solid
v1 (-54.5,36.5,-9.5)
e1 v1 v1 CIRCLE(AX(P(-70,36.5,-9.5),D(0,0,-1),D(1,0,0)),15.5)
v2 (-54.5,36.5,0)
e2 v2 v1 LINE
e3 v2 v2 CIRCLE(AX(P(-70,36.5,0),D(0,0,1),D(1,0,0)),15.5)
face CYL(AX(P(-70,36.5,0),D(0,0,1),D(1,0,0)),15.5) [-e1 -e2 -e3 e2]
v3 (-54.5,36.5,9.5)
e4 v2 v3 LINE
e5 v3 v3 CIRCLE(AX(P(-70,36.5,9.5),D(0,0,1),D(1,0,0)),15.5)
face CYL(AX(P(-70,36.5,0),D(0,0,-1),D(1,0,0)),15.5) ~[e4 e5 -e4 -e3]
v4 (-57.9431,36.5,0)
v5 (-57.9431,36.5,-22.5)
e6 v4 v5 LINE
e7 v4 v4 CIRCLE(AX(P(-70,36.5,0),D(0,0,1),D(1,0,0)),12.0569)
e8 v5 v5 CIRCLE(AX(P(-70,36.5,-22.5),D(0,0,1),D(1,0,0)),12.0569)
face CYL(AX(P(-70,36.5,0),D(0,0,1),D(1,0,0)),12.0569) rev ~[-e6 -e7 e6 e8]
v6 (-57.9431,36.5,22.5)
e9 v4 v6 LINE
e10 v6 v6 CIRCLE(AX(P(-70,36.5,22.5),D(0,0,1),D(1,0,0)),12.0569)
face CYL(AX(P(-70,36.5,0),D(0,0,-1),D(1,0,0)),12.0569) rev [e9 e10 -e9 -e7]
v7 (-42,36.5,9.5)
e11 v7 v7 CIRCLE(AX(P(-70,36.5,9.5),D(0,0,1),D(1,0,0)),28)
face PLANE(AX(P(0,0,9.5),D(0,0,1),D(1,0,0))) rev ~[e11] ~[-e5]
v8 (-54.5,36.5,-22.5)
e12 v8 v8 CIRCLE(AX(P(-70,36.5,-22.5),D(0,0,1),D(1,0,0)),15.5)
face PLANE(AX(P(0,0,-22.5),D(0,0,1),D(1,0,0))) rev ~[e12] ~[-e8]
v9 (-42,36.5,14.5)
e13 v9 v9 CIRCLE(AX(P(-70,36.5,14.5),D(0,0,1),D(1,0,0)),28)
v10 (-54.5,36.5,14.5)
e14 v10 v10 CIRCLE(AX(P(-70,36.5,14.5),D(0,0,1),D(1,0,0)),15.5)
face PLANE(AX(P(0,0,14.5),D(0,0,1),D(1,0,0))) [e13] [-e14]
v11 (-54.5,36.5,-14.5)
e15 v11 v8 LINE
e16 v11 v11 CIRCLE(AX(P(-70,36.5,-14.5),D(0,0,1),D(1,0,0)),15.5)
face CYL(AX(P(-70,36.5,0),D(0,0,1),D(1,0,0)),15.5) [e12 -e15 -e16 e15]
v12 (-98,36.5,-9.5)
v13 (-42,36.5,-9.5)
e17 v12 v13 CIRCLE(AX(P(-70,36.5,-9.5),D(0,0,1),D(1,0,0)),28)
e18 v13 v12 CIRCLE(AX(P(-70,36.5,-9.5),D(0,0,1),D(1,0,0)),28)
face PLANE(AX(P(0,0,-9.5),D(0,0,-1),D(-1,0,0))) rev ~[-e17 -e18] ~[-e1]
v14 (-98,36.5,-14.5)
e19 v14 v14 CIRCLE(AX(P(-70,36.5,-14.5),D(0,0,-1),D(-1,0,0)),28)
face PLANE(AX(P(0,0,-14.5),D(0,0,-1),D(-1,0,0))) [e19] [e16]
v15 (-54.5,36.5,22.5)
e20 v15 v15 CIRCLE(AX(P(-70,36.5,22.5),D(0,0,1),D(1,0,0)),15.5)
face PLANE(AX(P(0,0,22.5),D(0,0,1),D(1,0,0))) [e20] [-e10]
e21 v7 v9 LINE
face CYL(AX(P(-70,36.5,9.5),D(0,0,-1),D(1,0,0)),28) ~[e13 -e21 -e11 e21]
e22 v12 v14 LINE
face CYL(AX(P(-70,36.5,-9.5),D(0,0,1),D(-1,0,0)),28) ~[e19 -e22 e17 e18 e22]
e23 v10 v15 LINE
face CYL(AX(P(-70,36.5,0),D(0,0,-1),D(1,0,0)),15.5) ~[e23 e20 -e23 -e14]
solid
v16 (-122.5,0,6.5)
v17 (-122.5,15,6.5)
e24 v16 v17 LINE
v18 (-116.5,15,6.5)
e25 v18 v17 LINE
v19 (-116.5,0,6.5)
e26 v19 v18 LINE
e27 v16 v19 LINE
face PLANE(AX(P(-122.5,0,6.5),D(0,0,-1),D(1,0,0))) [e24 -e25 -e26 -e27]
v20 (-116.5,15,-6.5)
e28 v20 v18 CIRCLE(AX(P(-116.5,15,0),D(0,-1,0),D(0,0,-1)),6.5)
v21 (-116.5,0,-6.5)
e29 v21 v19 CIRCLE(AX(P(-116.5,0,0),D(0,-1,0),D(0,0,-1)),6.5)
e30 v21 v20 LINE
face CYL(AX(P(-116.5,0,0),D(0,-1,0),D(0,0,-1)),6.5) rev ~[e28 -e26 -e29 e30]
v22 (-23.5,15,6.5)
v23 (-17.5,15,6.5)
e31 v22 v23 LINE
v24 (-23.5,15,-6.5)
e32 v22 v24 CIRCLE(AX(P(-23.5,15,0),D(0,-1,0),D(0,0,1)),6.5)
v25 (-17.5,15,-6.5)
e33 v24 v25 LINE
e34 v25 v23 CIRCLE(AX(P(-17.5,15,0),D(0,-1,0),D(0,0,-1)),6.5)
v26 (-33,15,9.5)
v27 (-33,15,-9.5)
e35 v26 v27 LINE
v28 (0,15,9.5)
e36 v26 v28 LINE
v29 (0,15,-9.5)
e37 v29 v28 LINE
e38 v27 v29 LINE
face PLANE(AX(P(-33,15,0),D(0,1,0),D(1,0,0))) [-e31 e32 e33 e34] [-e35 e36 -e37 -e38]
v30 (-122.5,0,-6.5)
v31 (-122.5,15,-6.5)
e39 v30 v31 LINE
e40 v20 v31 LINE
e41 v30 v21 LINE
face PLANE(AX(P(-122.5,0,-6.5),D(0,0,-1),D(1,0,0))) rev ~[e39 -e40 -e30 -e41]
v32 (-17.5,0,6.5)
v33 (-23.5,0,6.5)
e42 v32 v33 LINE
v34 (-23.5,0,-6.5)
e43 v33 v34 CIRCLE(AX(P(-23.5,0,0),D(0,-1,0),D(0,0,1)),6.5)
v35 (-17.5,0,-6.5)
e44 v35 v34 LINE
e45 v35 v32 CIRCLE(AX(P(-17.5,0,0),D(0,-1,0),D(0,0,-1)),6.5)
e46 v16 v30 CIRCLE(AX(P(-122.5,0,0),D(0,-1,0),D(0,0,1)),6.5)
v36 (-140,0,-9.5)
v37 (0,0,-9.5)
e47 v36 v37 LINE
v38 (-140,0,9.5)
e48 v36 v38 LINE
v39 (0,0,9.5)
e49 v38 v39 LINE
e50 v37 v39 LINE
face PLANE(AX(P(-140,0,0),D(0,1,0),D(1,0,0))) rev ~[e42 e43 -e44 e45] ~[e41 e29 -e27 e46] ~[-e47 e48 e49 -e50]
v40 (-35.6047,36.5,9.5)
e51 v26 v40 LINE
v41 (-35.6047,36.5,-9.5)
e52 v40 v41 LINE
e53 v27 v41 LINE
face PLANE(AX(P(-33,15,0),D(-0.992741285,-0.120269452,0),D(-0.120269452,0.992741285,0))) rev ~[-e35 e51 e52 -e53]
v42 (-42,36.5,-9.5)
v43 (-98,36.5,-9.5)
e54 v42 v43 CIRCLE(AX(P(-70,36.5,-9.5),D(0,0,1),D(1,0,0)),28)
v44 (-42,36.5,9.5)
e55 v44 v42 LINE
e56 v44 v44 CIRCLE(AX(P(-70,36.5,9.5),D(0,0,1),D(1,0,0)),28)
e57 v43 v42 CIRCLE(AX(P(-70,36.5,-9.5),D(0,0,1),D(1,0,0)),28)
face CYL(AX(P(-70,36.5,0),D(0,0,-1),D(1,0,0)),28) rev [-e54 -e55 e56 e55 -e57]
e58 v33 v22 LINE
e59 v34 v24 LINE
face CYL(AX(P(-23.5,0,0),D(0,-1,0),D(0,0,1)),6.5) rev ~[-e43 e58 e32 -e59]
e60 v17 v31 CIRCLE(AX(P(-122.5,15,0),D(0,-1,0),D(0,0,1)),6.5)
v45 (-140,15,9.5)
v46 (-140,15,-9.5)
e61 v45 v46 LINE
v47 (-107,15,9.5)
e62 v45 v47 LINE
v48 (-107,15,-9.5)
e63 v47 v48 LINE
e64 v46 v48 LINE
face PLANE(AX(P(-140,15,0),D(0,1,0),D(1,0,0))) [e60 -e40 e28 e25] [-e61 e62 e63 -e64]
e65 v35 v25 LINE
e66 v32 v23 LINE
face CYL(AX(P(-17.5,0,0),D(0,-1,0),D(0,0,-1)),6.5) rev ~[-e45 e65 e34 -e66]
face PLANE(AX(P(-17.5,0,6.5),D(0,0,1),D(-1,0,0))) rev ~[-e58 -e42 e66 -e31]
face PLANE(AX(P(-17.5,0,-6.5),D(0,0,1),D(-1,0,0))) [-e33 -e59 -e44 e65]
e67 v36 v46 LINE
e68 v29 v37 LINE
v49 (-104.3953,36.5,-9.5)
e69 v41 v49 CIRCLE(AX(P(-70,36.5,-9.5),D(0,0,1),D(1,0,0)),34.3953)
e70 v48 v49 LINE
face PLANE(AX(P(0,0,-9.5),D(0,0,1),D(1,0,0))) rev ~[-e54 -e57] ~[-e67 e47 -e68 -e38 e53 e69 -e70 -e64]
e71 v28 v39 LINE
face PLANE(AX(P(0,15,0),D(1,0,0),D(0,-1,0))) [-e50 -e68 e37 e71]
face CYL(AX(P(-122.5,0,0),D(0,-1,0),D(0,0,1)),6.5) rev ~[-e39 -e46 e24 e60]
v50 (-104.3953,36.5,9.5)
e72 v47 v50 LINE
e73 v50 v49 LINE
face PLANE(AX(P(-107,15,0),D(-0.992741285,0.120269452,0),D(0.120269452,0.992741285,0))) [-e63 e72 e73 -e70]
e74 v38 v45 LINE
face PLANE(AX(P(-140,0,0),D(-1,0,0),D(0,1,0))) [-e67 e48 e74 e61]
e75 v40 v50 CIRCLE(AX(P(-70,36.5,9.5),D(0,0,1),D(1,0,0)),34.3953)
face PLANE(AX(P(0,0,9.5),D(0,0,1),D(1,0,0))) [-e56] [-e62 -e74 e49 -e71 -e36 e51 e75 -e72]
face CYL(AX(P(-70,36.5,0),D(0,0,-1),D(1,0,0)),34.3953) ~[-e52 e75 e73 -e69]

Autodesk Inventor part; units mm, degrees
ref_plane "YZ Plane" through (0, 0, 0) normal (1, 0, 0) x (0, 1, 0)
ref_plane "XZ Plane" through (0, 0, 0) normal (0, 1, 0) x (-1, 0, 0)
ref_plane "XY Plane" through (0, 0, 0) normal (0, 0, 1) x (1, 0, 0)
sketch "Sketch1" plane through (0, 0, 0) normal (0, 0, 1) x (1, 0, 0)
  line L0 (-140, 0) -> (-140, 15)
  line L1 (-140, 15) -> (-107, 15)
  line L2 (-33, 15) -> (0, 15)
  line L3 (0, 15) -> (0, 0)
  arc A0 (-35.6047, 36.5) -> (-104.3953, 36.5) centre (-70, 36.5) ccw
  circle A1 centre (-70, 36.5) radius 12.5
  circle A2 centre (-70, 36.5) radius 15.5
  line L4 (-107, 15) -> (-104.3953, 36.5)
  line L5 (-33, 15) -> (-35.6047, 36.5)
  circle A3 centre (-70, 36.5) radius 28
  line L6 (-140, 0) -> (0, 0)
  dimension "d0" = 140
  dimension "d1" = 15
  dimension "d7" = 25
  dimension "d8" = 31
  dimension "d9" = 56
  dimension "d10" = 15
  dimension "d11" = 68.7907
  dimension "d16" = 36.5
  dimension "d17" = 70
  dimension "d20" = 33
  dimension "d21" = 33
  dimension "d22" = 33
  dimension "d23" = 15
  dimension "d24" = 15
  dimension "d26" = 21.5
  dimension "d27" = 21.5
extrude "Extrusion1" add sketch "Sketch1" along normal mid plane 19 contours L0 L1 L4 A0 L5 L2 L3 L6
sketch "Sketch2" plane through (0, 0, 9.5) normal (0, 0, 1) x (1, 0, 0)
  circle A0 centre (-70, 36.5) radius 15.5
  circle A1 centre (-70, 36.5) radius 28
  point P0 (0, 0)
  dimension "d30" = 36.5
  dimension "d31" = 70
  dimension "d32" = 31
  dimension "d33" = 56
extrude "Extrusion2" add sketch "Sketch2" along normal blind 5
sketch "Sketch3" plane through (-70, 36.5, 14.5) normal (0, 0, 1) x (1, 0, 0)
  point P0 (70, -36.5)
sketch "Sketch4" plane through (0, 0, -9.5) normal (0, 0, -1) x (-1, 0, 0)
  circle A0 centre (70, 36.5) radius 15.5
  circle A1 centre (70, 36.5) radius 28
  line L0 (140, 0) -> (140, 15) projected
  point P0 (0, 0)
  dimension "d36" = 31
  dimension "d37" = 56
  dimension "d38" = 70
  dimension "d39" = 36.5
extrude "Extrusion3" add sketch "Sketch4" along normal blind 5
sketch "Sketch5" plane through (0, 0, 0) normal (0, 0, 1) x (1, 0, 0)
  circle A0 centre (-70, 36.5) radius 15.5 projected
  circle A1 centre (-70, 36.5) radius 15.5
  circle A2 centre (-70, 36.5) radius 12.0569
  point P0 (0, 0)
extrude "Extrusion4" add sketch "Sketch5" along normal mid plane 45
sketch "Sketch6" plane through (-140, 0, 9.5) normal (0, -1, 0) x (1, 0, 0)
  line L0 (0, -19) -> (33, -19) projected
  line L1 (140, -19) -> (140, 0) projected
  line L2 (33, 0) -> (0, 0) projected
  line L3 (140, -19) -> (0, -19) projected
  line L4 (0, -19) -> (0, 0) projected
  arc A0 (17.5, -3) -> (17.5, -16) centre (17.5, -9.5) ccw
  arc A1 (23.5, -16) -> (23.5, -3) centre (23.5, -9.5) ccw
  line L5 (17.5, -3) -> (23.5, -3)
  line L6 (17.5, -16) -> (23.5, -16)
  line L7 (54.5, 0) -> (85.5, 0) projected
  arc A2 (122.5, -16) -> (122.5, -3) centre (122.5, -9.5) ccw
  arc A3 (116.5, -3) -> (116.5, -16) centre (116.5, -9.5) ccw
  line L8 (122.5, -3) -> (116.5, -3)
  line L9 (122.5, -16) -> (116.5, -16)
  point P0 (140, -9.5)
  dimension "d50" = 6.5
  dimension "d51" = 6.5
  dimension "d52" = 6.5
  dimension "d53" = 6.5
  dimension "d54" = 6
  dimension "d55" = 6
  dimension "d56" = 6
  dimension "d57" = 6
  dimension "d58" = 17.5
  dimension "d59" = 17.5
  dimension "d60" = 9.5
  dimension "d61" = 9.5
  dimension "d62" = 17.5
  dimension "d63" = 17.5
  dimension "d64" = 17.5
  dimension "d65" = 3
  dimension "d66" = 3
  dimension "d67" = 6
extrude "Extrusion5" cut sketch "Sketch6" against normal through all
properties part number "PillowBlockBearing"
